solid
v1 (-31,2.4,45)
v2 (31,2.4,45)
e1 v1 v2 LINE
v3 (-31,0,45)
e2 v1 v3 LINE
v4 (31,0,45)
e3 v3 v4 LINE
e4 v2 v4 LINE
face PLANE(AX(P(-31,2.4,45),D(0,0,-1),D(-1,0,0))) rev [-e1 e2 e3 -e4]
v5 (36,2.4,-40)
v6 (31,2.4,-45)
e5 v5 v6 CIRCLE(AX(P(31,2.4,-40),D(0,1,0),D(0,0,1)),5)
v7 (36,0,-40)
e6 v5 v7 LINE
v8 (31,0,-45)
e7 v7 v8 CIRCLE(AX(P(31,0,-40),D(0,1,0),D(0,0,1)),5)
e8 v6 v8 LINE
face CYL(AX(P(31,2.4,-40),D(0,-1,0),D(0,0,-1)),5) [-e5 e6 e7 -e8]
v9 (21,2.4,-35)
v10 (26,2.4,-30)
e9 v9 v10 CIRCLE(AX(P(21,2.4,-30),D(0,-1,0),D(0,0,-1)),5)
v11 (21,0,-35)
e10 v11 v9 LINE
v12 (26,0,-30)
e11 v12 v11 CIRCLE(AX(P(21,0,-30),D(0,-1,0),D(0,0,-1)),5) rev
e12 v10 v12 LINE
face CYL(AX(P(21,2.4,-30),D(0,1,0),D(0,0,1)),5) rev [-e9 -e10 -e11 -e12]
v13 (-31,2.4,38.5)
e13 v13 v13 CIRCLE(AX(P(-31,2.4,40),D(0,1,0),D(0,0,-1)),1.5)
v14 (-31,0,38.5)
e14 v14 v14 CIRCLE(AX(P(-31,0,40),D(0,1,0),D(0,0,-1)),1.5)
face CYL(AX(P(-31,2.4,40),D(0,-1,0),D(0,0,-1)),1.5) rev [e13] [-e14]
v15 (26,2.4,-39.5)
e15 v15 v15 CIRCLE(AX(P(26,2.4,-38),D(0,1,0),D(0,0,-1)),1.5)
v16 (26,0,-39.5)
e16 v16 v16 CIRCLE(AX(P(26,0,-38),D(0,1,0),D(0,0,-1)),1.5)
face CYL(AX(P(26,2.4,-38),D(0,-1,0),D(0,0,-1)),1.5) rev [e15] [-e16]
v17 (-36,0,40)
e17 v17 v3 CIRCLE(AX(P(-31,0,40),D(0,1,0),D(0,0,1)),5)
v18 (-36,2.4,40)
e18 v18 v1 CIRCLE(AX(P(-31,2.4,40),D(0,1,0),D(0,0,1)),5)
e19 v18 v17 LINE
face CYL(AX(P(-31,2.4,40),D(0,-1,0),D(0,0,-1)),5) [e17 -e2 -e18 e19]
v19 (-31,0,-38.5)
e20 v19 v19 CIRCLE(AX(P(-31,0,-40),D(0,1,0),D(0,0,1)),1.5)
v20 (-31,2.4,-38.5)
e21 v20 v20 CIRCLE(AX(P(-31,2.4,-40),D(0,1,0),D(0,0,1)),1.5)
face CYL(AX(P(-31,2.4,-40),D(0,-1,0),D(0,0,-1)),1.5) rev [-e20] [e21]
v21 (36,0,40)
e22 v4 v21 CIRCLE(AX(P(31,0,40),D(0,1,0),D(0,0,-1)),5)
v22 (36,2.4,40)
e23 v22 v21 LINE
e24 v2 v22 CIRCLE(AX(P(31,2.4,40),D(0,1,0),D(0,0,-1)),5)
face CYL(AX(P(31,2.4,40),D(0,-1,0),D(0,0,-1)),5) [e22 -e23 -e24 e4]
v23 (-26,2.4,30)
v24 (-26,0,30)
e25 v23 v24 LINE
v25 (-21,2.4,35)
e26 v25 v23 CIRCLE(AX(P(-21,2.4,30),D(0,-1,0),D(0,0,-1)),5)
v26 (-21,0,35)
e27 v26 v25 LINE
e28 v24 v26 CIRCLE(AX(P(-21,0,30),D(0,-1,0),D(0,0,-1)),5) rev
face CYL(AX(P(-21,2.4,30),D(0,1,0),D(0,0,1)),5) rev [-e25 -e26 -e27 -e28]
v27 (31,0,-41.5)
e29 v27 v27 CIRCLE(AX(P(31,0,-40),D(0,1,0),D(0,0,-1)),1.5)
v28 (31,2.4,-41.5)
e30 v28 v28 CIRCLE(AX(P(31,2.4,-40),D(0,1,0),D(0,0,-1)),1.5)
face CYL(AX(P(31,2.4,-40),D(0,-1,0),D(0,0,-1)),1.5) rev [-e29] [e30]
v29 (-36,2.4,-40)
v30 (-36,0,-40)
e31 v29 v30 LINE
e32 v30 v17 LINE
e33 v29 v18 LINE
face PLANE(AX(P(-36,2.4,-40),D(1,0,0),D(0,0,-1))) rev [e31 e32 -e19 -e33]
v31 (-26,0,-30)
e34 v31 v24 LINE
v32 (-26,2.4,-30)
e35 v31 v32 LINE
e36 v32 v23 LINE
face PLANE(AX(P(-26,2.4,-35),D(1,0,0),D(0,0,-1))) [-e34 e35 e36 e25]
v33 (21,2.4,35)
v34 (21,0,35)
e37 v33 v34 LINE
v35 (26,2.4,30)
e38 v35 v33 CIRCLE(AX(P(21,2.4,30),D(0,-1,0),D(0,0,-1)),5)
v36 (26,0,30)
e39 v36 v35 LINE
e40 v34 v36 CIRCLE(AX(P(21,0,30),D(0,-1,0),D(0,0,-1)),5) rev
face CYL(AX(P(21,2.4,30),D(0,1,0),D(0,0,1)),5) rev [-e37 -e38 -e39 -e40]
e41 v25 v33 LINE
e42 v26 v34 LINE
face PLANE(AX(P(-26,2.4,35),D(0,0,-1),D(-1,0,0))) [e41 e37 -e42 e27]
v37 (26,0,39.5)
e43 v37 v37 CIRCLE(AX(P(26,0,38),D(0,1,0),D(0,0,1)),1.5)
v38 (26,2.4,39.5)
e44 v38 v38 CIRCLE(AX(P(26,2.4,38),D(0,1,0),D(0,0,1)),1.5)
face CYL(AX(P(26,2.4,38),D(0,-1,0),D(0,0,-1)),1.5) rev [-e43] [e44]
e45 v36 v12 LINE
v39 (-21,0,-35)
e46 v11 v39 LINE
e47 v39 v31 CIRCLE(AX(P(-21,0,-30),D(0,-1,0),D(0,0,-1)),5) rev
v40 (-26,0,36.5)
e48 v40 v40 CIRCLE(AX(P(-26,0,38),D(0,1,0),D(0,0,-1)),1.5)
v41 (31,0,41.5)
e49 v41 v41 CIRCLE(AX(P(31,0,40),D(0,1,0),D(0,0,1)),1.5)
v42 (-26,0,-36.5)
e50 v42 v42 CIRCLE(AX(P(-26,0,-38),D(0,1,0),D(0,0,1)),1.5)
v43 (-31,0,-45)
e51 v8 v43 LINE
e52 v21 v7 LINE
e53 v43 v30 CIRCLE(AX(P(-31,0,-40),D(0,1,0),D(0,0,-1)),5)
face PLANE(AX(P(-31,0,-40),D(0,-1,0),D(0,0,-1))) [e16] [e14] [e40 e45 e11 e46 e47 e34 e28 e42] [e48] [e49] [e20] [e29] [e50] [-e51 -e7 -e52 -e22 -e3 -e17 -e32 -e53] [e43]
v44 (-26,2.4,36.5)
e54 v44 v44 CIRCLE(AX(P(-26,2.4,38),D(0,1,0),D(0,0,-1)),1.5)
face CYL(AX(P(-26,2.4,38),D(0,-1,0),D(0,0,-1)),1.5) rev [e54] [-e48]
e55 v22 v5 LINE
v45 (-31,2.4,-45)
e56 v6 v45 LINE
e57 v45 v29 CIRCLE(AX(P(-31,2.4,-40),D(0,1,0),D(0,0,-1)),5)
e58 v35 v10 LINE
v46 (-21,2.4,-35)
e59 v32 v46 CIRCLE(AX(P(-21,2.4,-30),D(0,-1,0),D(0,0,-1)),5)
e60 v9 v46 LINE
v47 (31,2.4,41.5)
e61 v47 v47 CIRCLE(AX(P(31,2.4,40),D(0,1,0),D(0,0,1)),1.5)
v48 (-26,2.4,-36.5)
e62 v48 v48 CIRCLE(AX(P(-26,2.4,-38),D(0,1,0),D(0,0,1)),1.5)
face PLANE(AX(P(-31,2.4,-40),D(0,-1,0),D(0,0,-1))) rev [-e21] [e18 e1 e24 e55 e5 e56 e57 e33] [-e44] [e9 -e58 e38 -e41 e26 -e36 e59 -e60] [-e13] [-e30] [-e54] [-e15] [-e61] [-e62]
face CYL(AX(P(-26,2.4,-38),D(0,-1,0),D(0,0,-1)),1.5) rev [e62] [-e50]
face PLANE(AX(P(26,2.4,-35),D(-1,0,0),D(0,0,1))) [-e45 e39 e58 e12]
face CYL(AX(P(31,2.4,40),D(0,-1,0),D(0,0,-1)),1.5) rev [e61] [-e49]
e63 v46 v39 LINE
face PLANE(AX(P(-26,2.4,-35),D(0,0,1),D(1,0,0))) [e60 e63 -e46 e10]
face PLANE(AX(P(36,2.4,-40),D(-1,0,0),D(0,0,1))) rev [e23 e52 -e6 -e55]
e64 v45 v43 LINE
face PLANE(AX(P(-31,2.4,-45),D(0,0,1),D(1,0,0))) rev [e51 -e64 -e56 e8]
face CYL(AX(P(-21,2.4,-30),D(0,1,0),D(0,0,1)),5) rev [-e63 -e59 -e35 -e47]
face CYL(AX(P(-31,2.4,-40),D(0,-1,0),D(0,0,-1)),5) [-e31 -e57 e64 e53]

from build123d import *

# Parameters (mm, degrees)
SKETCH_1_R      = 1.5
SKETCH_1_W      = 52
SKETCH_1_H      = 70
EXTRUDE_1_DEPTH = 2.4
FILLET_1_R      = 5


with BuildPart() as part:
    # 草圖1 → 填料-伸長1 (new body)
    with BuildSketch(Plane(origin=(0, 0, 0), x_dir=(1, 0, 0), z_dir=(0, 1, 0))):
        with BuildLine():
            Line((-31, 45), (31, 45))
            ThreePointArc((31, 45), (34.535533906, 43.535533906), (36, 40))
            Line((36, 40), (36, -40))
            ThreePointArc((36, -40), (34.535533906, -43.535533906), (31, -45))
            Line((31, -45), (-31, -45))
            ThreePointArc((-31, -45), (-34.535533906, -43.535533906), (-36, -40))
            Line((-36, -40), (-36, 40))
            ThreePointArc((-36, 40), (-34.535533906, 43.535533906), (-31, 45))
        make_face()
        with Locations((-26, 38)):
            Circle(SKETCH_1_R, mode=Mode.SUBTRACT)
        with Locations((26, 38)):
            Circle(SKETCH_1_R, mode=Mode.SUBTRACT)
        with Locations((26, -38)):
            Circle(SKETCH_1_R, mode=Mode.SUBTRACT)
        with Locations((-26, -38)):
            Circle(SKETCH_1_R, mode=Mode.SUBTRACT)
        with Locations((-31, 40)):
            Circle(SKETCH_1_R, mode=Mode.SUBTRACT)
        with Locations((31, 40)):
            Circle(SKETCH_1_R, mode=Mode.SUBTRACT)
        with Locations((-31, -40)):
            Circle(SKETCH_1_R, mode=Mode.SUBTRACT)
        with Locations((31, -40)):
            Circle(SKETCH_1_R, mode=Mode.SUBTRACT)
        Rectangle(SKETCH_1_W, SKETCH_1_H, mode=Mode.SUBTRACT)
    extrude(amount=EXTRUDE_1_DEPTH)

    # 圓角1
    fillet_1_edges = [part.edges().sort_by_distance(p)[0] for p in [
        (26, 1.2, -35),
        (-26, 1.2, -35),
        (-26, 1.2, 35),
        (26, 1.2, 35),
    ]]
    fillet(fillet_1_edges, radius=FILLET_1_R)


solid = part.part
